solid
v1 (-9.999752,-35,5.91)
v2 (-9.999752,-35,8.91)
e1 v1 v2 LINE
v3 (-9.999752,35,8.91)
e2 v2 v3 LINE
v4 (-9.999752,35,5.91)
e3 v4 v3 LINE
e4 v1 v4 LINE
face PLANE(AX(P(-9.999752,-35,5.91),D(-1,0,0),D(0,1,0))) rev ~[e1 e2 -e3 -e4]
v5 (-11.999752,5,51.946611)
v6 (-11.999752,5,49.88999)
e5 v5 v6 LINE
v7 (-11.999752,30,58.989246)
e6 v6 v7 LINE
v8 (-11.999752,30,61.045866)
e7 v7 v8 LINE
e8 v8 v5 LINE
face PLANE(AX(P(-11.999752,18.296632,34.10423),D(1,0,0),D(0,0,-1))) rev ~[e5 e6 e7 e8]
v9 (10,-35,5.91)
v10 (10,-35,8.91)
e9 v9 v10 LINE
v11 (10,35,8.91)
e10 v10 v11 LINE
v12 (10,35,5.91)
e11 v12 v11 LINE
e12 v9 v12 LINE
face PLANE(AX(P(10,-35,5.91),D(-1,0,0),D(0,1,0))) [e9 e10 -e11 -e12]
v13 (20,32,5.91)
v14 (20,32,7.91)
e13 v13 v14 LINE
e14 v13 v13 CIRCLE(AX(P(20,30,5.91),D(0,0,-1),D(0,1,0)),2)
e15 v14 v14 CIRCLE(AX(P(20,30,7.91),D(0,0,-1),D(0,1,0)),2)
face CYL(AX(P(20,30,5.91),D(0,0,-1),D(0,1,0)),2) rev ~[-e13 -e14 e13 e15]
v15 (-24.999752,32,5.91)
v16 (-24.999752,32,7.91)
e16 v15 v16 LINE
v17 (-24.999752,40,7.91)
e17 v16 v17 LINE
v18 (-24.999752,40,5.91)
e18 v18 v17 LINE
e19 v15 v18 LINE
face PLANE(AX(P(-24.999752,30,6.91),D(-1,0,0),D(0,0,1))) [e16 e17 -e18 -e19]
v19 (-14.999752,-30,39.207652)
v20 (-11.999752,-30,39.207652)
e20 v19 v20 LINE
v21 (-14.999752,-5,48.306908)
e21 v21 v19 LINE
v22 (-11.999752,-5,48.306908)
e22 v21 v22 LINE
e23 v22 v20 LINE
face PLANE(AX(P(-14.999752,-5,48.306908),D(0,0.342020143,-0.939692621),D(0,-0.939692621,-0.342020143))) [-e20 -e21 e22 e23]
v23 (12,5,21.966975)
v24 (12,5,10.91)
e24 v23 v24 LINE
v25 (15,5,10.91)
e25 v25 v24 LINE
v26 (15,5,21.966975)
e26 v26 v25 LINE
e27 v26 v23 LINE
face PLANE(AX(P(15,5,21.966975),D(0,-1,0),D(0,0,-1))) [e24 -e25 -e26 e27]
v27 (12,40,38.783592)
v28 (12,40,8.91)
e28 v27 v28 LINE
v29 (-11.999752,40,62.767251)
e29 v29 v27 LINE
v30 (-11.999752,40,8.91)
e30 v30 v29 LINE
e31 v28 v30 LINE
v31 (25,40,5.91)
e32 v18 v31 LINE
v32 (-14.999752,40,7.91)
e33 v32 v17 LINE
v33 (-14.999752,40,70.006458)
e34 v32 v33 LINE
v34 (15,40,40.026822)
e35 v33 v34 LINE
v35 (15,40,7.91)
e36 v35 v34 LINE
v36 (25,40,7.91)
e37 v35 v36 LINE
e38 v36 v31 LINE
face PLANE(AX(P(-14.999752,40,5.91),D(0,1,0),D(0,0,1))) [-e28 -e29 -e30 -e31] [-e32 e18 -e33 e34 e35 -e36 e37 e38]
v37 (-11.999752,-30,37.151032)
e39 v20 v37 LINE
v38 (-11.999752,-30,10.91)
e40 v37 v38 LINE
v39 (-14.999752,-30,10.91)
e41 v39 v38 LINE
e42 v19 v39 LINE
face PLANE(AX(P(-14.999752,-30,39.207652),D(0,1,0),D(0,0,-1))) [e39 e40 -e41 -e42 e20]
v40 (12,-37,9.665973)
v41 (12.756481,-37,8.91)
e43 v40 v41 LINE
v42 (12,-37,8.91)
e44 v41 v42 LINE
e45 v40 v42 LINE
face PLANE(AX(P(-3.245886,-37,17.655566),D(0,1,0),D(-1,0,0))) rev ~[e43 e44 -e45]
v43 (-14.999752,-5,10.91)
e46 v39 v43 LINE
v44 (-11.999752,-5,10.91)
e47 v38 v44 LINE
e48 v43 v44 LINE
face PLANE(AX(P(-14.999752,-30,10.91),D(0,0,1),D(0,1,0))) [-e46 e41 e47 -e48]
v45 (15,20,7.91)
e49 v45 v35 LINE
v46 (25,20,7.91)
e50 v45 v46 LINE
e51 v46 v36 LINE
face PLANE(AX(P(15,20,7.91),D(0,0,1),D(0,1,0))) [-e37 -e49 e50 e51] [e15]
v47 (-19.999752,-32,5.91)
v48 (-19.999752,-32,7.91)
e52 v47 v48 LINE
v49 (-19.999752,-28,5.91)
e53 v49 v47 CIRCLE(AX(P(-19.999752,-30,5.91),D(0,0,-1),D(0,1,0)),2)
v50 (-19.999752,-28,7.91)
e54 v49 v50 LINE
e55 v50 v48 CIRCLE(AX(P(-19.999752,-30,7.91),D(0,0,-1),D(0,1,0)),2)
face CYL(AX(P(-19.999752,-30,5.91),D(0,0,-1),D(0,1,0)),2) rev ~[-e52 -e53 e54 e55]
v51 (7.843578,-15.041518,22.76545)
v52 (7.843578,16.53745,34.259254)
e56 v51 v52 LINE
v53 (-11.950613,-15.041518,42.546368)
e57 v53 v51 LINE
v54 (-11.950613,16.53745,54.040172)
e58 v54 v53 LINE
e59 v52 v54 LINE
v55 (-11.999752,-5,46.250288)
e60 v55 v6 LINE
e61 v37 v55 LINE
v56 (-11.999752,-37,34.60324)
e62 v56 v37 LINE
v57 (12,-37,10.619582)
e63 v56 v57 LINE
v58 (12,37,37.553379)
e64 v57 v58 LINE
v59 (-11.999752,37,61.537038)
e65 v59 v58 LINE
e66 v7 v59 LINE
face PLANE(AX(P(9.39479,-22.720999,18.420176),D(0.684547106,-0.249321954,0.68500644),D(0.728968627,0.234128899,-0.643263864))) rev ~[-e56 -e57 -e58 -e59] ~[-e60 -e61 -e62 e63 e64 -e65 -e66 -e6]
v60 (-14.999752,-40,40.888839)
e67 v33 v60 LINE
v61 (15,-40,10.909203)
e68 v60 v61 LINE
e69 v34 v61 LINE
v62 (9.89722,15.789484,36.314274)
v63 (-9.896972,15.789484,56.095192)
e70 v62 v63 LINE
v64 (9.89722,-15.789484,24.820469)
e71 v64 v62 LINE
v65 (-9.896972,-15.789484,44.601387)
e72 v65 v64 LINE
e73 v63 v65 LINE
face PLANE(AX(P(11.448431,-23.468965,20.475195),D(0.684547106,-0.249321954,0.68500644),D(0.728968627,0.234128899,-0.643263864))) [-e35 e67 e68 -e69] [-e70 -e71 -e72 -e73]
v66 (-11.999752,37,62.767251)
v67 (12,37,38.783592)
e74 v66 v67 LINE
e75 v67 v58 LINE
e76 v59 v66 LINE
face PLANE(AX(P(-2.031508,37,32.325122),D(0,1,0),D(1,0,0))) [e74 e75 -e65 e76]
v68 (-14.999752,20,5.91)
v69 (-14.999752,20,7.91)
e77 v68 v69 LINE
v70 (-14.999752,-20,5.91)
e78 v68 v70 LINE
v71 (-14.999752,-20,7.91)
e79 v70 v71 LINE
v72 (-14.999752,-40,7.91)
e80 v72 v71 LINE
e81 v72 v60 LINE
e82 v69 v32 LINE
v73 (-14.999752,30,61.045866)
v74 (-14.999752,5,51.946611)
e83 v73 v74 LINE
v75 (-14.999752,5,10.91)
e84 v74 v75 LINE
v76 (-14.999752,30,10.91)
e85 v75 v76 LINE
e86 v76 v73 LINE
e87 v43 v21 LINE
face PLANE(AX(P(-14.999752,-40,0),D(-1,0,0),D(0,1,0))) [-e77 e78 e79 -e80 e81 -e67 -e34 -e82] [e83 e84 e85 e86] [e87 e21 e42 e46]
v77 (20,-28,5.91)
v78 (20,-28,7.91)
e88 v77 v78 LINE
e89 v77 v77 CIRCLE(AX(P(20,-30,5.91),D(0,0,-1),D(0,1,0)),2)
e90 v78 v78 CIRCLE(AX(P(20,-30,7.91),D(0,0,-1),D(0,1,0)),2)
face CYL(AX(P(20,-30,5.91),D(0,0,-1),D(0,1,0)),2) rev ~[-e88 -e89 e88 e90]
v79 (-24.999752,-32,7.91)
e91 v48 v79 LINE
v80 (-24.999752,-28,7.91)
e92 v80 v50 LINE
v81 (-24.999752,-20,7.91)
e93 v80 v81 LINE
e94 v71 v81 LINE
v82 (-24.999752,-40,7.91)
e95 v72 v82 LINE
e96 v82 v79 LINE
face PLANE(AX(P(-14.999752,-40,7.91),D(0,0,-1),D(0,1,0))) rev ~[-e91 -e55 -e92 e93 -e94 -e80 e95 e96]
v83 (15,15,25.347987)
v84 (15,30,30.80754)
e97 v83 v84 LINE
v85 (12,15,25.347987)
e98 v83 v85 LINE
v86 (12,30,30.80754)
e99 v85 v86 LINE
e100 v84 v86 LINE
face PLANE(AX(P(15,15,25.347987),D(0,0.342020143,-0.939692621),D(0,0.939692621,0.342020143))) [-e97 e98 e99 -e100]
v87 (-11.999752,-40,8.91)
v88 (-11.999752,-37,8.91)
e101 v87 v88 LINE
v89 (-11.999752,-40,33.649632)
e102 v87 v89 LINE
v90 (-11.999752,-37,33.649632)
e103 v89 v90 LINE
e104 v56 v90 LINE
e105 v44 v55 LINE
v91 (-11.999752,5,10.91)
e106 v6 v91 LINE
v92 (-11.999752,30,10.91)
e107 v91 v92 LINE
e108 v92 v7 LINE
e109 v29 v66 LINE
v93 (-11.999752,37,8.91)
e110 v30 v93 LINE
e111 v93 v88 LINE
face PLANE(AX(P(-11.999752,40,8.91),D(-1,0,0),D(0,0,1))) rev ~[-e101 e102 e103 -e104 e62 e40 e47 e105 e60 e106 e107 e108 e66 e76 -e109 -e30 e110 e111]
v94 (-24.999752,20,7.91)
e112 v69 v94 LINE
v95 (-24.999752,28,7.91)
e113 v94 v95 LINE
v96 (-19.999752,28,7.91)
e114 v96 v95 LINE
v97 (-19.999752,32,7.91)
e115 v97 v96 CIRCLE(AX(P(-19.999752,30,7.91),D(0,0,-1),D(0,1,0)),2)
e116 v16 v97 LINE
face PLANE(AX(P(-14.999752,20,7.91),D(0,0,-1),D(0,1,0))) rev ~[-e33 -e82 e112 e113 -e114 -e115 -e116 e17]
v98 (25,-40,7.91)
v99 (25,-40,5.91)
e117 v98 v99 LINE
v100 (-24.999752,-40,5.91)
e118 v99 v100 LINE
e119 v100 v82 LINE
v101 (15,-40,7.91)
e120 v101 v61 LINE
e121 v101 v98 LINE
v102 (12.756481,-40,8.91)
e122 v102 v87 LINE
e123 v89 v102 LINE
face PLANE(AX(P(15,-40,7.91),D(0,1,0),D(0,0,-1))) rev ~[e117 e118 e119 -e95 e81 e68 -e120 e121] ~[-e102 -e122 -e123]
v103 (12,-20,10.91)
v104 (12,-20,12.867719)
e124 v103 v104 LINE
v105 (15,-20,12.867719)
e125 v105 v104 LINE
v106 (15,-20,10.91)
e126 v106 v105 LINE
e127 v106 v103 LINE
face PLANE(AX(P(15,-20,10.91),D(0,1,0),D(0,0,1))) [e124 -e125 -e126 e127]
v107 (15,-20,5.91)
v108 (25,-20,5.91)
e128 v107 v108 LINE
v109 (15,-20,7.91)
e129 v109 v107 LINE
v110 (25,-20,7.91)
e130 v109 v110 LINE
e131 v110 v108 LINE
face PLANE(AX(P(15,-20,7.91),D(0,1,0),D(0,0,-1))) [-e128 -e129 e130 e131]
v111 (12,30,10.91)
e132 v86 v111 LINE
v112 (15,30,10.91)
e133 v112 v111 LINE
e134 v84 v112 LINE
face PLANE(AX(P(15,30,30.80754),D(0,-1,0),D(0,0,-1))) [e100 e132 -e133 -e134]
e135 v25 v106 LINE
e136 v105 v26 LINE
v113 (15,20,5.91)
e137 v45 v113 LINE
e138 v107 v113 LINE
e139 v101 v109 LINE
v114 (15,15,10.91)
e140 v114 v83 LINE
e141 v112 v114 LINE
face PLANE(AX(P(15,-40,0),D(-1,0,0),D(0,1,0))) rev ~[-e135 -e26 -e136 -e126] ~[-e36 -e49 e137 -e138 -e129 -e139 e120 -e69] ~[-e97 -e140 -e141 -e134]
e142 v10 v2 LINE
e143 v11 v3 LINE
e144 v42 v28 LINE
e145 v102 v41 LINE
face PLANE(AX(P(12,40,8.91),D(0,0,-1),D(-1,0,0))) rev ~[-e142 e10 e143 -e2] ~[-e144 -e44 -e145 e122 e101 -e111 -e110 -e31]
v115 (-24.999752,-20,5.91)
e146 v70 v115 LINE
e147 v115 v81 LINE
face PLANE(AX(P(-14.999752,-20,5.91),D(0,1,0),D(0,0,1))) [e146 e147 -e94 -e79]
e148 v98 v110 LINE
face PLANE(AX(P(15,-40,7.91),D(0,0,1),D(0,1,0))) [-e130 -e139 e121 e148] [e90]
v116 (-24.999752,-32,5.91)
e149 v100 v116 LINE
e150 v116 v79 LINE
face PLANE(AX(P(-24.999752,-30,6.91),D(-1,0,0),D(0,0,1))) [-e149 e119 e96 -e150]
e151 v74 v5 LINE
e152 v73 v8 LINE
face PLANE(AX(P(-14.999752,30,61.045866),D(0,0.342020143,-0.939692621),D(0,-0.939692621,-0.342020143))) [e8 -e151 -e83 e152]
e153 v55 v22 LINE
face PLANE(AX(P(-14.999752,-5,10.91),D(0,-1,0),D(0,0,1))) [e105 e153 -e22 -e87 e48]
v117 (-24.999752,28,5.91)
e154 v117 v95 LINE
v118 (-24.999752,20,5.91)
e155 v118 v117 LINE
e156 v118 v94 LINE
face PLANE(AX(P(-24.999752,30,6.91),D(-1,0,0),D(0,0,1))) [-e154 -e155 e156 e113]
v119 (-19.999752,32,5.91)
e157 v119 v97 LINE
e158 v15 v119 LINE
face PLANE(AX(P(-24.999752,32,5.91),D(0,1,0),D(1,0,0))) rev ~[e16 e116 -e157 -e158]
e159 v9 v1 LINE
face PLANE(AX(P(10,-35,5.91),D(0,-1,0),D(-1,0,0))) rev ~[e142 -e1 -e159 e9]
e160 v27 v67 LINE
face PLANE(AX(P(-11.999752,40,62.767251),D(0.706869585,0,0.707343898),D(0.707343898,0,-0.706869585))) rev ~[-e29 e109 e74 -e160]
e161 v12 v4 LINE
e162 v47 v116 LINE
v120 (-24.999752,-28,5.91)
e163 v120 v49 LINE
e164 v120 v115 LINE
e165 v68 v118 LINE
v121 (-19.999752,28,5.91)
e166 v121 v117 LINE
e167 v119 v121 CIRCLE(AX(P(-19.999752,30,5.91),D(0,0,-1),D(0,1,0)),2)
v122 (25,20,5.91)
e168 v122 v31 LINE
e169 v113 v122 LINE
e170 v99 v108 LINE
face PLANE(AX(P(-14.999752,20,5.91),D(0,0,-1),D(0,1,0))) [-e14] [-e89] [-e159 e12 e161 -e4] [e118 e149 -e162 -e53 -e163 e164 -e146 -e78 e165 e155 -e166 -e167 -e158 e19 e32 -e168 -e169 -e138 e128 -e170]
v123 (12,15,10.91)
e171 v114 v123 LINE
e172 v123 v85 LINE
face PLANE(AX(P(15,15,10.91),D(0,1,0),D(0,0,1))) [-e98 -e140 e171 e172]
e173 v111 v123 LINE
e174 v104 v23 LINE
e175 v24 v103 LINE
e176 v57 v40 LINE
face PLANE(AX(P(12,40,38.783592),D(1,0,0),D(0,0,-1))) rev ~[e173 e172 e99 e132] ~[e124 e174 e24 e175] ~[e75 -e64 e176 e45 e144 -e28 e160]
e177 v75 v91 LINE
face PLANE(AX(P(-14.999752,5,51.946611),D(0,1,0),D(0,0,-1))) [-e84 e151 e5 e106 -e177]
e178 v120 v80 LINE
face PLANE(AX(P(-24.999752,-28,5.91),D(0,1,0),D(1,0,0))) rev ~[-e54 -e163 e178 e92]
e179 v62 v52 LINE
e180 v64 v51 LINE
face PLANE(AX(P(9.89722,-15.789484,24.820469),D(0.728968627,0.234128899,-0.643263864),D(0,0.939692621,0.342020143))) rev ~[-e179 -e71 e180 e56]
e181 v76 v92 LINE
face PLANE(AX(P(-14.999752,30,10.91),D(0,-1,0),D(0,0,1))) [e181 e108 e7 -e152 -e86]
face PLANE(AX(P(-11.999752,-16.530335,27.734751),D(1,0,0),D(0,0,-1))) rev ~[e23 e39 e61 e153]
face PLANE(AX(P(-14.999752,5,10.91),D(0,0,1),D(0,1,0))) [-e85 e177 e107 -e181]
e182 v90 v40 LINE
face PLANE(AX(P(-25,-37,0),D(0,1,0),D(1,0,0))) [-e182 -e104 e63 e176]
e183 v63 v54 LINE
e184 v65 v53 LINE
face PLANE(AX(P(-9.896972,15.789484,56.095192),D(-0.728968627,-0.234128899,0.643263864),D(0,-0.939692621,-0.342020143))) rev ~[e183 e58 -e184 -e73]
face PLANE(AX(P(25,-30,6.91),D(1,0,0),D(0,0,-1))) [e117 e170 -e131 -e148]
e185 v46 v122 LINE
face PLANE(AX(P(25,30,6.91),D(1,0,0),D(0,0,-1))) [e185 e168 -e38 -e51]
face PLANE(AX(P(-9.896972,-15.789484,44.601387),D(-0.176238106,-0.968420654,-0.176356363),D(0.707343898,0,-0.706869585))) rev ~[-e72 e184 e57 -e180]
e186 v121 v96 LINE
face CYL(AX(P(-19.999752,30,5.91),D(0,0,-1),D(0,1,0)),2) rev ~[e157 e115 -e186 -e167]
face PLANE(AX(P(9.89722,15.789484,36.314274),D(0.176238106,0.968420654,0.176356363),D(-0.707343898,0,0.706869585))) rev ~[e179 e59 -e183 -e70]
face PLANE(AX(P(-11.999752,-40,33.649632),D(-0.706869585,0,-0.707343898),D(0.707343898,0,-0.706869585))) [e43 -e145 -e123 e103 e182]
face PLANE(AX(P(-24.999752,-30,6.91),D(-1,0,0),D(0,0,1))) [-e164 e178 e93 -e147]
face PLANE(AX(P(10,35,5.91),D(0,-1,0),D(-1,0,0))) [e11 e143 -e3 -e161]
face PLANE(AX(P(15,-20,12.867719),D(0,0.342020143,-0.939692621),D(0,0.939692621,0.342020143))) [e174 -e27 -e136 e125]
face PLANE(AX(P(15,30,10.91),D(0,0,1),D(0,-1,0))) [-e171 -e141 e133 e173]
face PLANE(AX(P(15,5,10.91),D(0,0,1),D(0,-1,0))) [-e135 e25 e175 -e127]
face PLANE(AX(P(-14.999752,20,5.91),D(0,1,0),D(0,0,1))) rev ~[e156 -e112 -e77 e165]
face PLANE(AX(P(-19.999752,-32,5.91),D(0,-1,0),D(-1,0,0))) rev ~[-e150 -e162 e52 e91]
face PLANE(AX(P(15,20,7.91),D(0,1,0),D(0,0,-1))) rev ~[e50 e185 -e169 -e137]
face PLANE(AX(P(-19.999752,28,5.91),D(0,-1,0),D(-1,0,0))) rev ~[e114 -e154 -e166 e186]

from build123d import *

# Parameters (mm, degrees)
SKETCH_1_W           = 50
SKETCH_1_H           = 80
EXTRUDE_1_DEPTH      = 80
SKETCH_4_W           = 50
SKETCH_4_H           = 160
CUT_REVOLVE_2_ANGLE  = 20
SKETCH_5_W           = 100
SKETCH_5_H           = 160
CUT_REVOLVE_4_ANGLE  = 43.2
SKETCH_6_W           = 10
SKETCH_6_H           = 80
SKETCH_6_W_2         = 10.000248079
CUT_EXTRUDE_1_DEPTH  = 80
SKETCH_7_W           = 5.91
SKETCH_7_H           = 80
CUT_EXTRUDE_2_DEPTH  = 50
SHELL_2_T            = 3
SKETCH_8_W           = 19.999751921
SKETCH_8_H           = 70
CUT_EXTRUDE_3_DEPTH  = 3
CUT_EXTRUDE_4_DEPTH  = 3
CUT_EXTRUDE_5_DEPTH  = 3
CUT_EXTRUDE_6_DEPTH  = 3
CUT_EXTRUDE_7_DEPTH  = 3
CUT_EXTRUDE_9_DEPTH  = 3
SKETCH_18_W          = 2
SKETCH_18_H          = 20
EXTRUDE_2_DEPTH      = 10
SKETCH_19_W          = 2
SKETCH_19_H          = 20
EXTRUDE_3_DEPTH      = 10
SKETCH_20_R          = 2
CUT_EXTRUDE_10_DEPTH = 2


with BuildPart() as part:
    # 草图1 → 凸台-拉伸1 (new body)
    with BuildSketch(Plane.XY):
        Rectangle(SKETCH_1_W, SKETCH_1_H)
    extrude(amount=EXTRUDE_1_DEPTH)

    # 草图4 → 切除-旋转2 (revolve, cut)
    with BuildSketch(Plane.XY.offset(80)):
        with Locations((0, -40)):
            Rectangle(SKETCH_4_W, SKETCH_4_H)
    revolve(axis=Axis((-25, 40, 80), (1, 0, 0)), revolution_arc=CUT_REVOLVE_2_ANGLE, mode=Mode.SUBTRACT)

    # 草图5 → 切除-旋转4 (revolve, cut)
    with BuildSketch(Plane(origin=(0, -21.03239325, 57.786025531), x_dir=(1, 0, 0), z_dir=(0, -0.34202014332566943, 0.9396926207859082))):
        with Locations((25, -15.050683703)):
            Rectangle(SKETCH_5_W, SKETCH_5_H)
    revolve(axis=Axis((-25, 40, 80), (0, 0.9396926207859082, 0.3420201433256695)), revolution_arc=CUT_REVOLVE_4_ANGLE, mode=Mode.SUBTRACT)

    # 草图6 → 切除-拉伸1 (cut)
    with BuildSketch(Plane(origin=(0, 0, 0), x_dir=(-1, 0, 0), z_dir=(0, 0, -1))):
        with Locations((-20, 0)):
            Rectangle(SKETCH_6_W, SKETCH_6_H)
        with Locations((19.99987596, 0)):
            Rectangle(SKETCH_6_W_2, SKETCH_6_H)
    extrude(amount=-CUT_EXTRUDE_1_DEPTH, mode=Mode.SUBTRACT)

    # 草图7 → 切除-拉伸2 (cut)
    with BuildSketch(Plane(origin=(15, 0, 0), x_dir=(0, 0, -1), z_dir=(1, 0, 0))):
        with Locations((-2.955, 0)):
            Rectangle(SKETCH_7_W, SKETCH_7_H)
    extrude(amount=-CUT_EXTRUDE_2_DEPTH, mode=Mode.SUBTRACT)

    # 抽壳2 (no face opened: a closed hollow body)
    add(offset(amount=-SHELL_2_T, mode=Mode.PRIVATE), mode=Mode.SUBTRACT)

    # 草图8 → 切除-拉伸3 (cut)
    with BuildSketch(Plane(origin=(0, 0, 5.91), x_dir=(-1, 0, 0), z_dir=(0, 0, -1))):
        with Locations((-0.000124039, 0)):
            Rectangle(SKETCH_8_W, SKETCH_8_H)
    extrude(amount=-CUT_EXTRUDE_3_DEPTH, mode=Mode.SUBTRACT)

    # 草图9 → 切除-拉伸4 (cut)
    with BuildSketch(Plane(origin=(0, 40, 0), x_dir=(1, 0, 0), z_dir=(0, 1, 0))):
        Polygon((12, -8.91), (-11.999751921, -8.91), (-11.999751921, -62.767250828), (12, -38.783592046), align=None)
    extrude(amount=-CUT_EXTRUDE_4_DEPTH, mode=Mode.SUBTRACT)

    # 草图10 → 切除-拉伸5 (cut)
    with BuildSketch(Plane.XZ.offset(40)):
        Polygon((12.756480566, 8.91), (-11.999751921, 8.91), (-11.999751921, 33.649632087), align=None)
    extrude(amount=-CUT_EXTRUDE_5_DEPTH, mode=Mode.SUBTRACT)

    # 草图11 → 切除-拉伸6 (cut)
    with BuildSketch(Plane.ZY.offset(14.999751921)):
        Polygon((10.91, -30), (10.91, -5), (48.306908226, -5), (39.207652369, -30), align=None)
        Polygon((10.91, 5), (10.91, 30), (61.045866425, 30), (51.946610569, 5), align=None)
    extrude(amount=-CUT_EXTRUDE_6_DEPTH, mode=Mode.SUBTRACT)

    # 草图15 → 切除-拉伸7 (cut)
    with BuildSketch(Plane(origin=(15, 0, 0), x_dir=(0, 0, -1), z_dir=(1, 0, 0))):
        Polygon((-30.80754043, 30), (-10.91, 30), (-10.91, 15), (-25.347986916, 15), align=None)
        Polygon((-10.91, 5), (-10.91, -20), (-12.867719255, -20), (-21.966975112, 5), align=None)
    extrude(amount=-CUT_EXTRUDE_7_DEPTH, mode=Mode.SUBTRACT)

    # 草图17 → 切除-拉伸9 (cut)
    with BuildSketch(Plane(origin=(18.971510682, -6.909698516, 18.984240647), x_dir=(0.7289686274214102, 0.23412889928290287, -0.6432638640215396), z_dir=(0.6845471059286902, -0.24932195443058733, 0.6850064399723311))):
        Polygon((-39.60181704, 0.417311671), (-12.448122913, -6.348160757), (-12.448122913, 27.257474323), (-39.60181704, 34.022946751), align=None)
    extrude(amount=-CUT_EXTRUDE_9_DEPTH, mode=Mode.SUBTRACT)

    # 草图18 → 凸台-拉伸2 (add)
    with BuildSketch(Plane(origin=(15, 0, 0), x_dir=(0, 0, -1), z_dir=(1, 0, 0))):
        with Locations((-6.91, -30)):
            Rectangle(SKETCH_18_W, SKETCH_18_H)
        with Locations((-6.91, 30)):
            Rectangle(SKETCH_18_W, SKETCH_18_H)
    extrude(amount=EXTRUDE_2_DEPTH)

    # 草图19 → 凸台-拉伸3 (add)
    with BuildSketch(Plane.ZY.offset(14.999751921)):
        with Locations((6.91, 30)):
            Rectangle(SKETCH_19_W, SKETCH_19_H)
        with Locations((6.91, -30)):
            Rectangle(SKETCH_19_W, SKETCH_19_H)
    extrude(amount=EXTRUDE_3_DEPTH)

    # 草图20 → 切除-拉伸10 (cut)
    with BuildSketch(Plane(origin=(0, 0, 5.91), x_dir=(-1, 0, 0), z_dir=(0, 0, -1))):
        with BuildLine():
            Line((24.999751921, 32), (19.999751921, 32))
            ThreePointArc((19.999751921, 32), (17.999751921, 30), (19.999751921, 28))
            Line((19.999751921, 28), (24.999751921, 28))
            Line((24.999751921, 28), (24.999751921, 32))
        make_face()
        with BuildLine():
            Line((19.999751921, -32), (24.999751921, -32))
            Line((24.999751921, -32), (24.999751921, -28))
            Line((24.999751921, -28), (19.999751921, -28))
            ThreePointArc((19.999751921, -28), (17.999751921, -30), (19.999751921, -32))
        make_face()
        with Locations(Location((-20, 30, 0), (0, 0, 90))):
            Circle(SKETCH_20_R)
        with Locations(Location((-20, -30, 0), (0, 0, 90))):
            Circle(SKETCH_20_R)
    extrude(amount=-CUT_EXTRUDE_10_DEPTH, mode=Mode.SUBTRACT)


solid = part.part
